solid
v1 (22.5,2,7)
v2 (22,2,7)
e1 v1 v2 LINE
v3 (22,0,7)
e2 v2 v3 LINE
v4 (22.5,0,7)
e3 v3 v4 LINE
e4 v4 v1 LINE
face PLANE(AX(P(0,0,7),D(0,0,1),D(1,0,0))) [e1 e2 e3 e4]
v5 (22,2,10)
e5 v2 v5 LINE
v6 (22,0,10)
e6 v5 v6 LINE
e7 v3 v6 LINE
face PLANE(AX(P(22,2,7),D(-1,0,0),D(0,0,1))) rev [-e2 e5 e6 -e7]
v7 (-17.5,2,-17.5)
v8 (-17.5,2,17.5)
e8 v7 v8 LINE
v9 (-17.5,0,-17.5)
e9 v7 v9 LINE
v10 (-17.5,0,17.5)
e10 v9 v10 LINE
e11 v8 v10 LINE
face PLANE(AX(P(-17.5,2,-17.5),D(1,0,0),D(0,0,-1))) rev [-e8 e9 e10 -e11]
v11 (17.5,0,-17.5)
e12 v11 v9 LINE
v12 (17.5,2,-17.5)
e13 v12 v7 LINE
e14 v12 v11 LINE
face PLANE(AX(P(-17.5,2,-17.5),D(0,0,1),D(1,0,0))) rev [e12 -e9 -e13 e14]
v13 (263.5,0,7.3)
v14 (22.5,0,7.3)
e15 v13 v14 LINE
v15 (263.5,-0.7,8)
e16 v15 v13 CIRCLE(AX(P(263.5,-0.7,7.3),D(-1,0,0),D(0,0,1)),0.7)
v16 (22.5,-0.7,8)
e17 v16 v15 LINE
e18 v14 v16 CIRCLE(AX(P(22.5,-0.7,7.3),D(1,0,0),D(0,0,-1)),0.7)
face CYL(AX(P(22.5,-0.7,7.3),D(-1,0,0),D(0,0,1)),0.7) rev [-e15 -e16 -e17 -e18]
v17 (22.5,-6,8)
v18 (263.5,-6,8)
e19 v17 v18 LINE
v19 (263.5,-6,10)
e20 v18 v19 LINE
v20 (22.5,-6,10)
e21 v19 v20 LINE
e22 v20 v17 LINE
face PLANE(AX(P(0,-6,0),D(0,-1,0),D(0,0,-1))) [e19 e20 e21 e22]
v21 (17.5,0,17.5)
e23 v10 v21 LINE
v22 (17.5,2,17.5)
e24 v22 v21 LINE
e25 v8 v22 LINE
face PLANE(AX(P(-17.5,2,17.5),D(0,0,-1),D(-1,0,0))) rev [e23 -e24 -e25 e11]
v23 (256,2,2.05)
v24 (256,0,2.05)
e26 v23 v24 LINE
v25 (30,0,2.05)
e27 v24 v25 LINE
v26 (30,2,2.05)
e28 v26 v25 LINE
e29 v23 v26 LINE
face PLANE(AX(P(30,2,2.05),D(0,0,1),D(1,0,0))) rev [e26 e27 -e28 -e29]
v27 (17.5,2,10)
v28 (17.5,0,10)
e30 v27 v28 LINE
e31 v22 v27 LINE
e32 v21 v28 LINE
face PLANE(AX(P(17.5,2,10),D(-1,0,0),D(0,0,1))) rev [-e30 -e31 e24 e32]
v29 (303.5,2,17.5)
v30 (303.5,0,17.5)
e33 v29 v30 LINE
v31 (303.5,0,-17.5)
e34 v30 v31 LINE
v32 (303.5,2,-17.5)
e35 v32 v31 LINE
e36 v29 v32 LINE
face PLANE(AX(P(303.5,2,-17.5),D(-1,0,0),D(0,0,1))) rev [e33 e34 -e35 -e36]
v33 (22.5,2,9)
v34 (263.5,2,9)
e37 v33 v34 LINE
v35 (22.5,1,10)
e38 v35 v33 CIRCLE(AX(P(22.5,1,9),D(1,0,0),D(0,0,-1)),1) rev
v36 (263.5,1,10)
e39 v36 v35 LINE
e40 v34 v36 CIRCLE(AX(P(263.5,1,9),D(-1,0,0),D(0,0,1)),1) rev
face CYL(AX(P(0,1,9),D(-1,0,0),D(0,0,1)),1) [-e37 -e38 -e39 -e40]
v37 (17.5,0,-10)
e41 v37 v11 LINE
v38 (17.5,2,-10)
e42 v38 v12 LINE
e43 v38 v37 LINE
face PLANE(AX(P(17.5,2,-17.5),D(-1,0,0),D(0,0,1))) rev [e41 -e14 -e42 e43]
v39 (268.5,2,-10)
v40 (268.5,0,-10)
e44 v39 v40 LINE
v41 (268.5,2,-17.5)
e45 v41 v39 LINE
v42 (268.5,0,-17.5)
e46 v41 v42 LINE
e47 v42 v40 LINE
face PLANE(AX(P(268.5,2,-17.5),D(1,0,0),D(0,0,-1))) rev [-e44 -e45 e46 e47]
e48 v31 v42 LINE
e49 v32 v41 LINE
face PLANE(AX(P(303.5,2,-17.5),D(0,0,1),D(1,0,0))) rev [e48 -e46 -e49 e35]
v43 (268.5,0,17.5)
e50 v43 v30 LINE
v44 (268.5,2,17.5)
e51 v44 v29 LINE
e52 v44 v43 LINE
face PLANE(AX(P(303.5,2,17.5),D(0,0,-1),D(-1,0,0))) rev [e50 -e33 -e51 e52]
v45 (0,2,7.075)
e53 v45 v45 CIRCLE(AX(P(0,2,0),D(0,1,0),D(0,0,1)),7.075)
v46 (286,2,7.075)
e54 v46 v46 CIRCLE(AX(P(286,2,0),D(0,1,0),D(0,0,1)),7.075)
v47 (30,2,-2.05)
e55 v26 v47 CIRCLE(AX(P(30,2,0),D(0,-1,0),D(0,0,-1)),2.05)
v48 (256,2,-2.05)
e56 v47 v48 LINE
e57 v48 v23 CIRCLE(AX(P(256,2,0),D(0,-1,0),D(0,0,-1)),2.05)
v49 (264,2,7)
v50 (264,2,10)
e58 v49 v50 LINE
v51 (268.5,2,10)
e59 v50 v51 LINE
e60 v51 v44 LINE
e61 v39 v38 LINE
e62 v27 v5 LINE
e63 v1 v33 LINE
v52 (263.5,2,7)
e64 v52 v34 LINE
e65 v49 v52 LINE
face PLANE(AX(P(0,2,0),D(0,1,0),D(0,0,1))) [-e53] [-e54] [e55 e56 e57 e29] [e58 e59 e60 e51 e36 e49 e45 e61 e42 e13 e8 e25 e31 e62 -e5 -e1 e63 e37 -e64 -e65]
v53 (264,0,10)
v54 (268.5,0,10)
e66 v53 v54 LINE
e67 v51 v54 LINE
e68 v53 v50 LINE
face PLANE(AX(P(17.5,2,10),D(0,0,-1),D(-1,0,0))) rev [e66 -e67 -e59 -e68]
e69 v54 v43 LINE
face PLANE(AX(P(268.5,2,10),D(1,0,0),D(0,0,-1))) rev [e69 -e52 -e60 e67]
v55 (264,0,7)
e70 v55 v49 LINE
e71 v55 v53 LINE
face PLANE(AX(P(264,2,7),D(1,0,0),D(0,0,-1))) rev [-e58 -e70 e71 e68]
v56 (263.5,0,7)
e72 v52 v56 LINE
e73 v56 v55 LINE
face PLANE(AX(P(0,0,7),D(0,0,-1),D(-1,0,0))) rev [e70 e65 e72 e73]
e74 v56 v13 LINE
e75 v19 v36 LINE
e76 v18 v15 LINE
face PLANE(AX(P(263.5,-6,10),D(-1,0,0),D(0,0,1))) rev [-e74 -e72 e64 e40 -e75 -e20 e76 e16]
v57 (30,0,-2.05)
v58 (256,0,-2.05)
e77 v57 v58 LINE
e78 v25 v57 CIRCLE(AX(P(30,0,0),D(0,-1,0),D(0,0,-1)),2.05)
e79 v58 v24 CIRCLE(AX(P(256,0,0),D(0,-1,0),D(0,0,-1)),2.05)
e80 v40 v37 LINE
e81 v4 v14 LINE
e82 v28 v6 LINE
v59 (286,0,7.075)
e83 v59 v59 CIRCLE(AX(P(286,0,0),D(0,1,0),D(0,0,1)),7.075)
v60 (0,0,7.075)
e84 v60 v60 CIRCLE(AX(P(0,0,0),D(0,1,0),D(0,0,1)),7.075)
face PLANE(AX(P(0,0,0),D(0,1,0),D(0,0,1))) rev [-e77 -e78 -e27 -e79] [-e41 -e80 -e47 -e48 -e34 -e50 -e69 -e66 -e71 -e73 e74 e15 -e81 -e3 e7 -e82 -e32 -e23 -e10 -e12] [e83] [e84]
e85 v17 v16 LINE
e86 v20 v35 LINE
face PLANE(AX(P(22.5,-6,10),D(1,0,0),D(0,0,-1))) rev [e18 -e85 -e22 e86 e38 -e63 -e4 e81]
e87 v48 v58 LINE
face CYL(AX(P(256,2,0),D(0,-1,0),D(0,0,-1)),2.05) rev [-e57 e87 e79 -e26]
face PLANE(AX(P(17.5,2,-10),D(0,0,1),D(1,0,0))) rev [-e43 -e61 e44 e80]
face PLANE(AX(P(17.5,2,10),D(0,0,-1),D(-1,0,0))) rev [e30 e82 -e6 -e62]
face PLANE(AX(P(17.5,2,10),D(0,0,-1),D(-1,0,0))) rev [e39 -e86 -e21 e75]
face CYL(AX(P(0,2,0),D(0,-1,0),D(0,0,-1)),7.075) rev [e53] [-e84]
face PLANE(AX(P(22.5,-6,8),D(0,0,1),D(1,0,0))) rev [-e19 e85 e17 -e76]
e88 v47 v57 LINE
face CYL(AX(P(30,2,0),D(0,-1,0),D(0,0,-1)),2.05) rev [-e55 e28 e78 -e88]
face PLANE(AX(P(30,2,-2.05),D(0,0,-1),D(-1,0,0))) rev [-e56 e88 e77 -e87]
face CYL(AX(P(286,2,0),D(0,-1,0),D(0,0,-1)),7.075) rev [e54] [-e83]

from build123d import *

# Parameters (mm, degrees)
SKETCH1_R           = 7.075
BOSS_EXTRUDE1_DEPTH = 2
SKETCH2_W           = 241
SKETCH2_H           = 2
BOSS_EXTRUDE2_DEPTH = 6
SKETCH3_W           = 0.5
SKETCH3_H           = 2
CUT_EXTRUDE1_DEPTH  = 3
FILLET1_R           = 1
FILLET2_R           = 0.7
CUT_EXTRUDE2_DEPTH  = 305.063315775


with BuildPart() as part:
    # Sketch1 → Boss-Extrude1 (new body)
    with BuildSketch(Plane(origin=(0, 0, 0), x_dir=(1, 0, 0), z_dir=(0, 1, 0))):
        Polygon((-17.5, 17.5), (17.5, 17.5), (17.5, 10), (268.5, 10), (268.5, 17.5), (303.5, 17.5), (303.5, -17.5), (268.5, -17.5), (268.5, -10), (17.5, -10), (17.5, -17.5), (-17.5, -17.5), align=None)
        with Locations(Location((0, 0, 0), (0, 0, 270))):
            Circle(SKETCH1_R, mode=Mode.SUBTRACT)
        with Locations(Location((286, 0, 0), (0, 0, 270))):
            Circle(SKETCH1_R, mode=Mode.SUBTRACT)
    extrude(amount=BOSS_EXTRUDE1_DEPTH)

    # Sketch2 → Boss-Extrude2 (add)
    with BuildSketch(Plane.XZ):
        with Locations((143, 9)):
            Rectangle(SKETCH2_W, SKETCH2_H)
    extrude(amount=BOSS_EXTRUDE2_DEPTH)

    # Sketch3 → Cut-Extrude1 (cut)
    with BuildSketch(Plane.XY.offset(10)):
        with Locations((22.25, 1)):
            Rectangle(SKETCH3_W, SKETCH3_H)
        with Locations((263.75, 1)):
            Rectangle(SKETCH3_W, SKETCH3_H)
    extrude(amount=-CUT_EXTRUDE1_DEPTH, mode=Mode.SUBTRACT)

    # Fillet1
    fillet1_edges = [part.edges().sort_by_distance(p)[0] for p in [
        (143, 2, 10),
    ]]
    fillet(fillet1_edges, radius=FILLET1_R)

    # Fillet2
    fillet2_edges = [part.edges().sort_by_distance(p)[0] for p in [
        (143, 0, 8),
    ]]
    fillet(fillet2_edges, radius=FILLET2_R)

    # Sketch4 → Cut-Extrude2 (cut, through all)
    with BuildSketch(Plane.XZ):
        with BuildLine():
            Line((30, 2.05), (256, 2.05))
            ThreePointArc((256, 2.05), (258.05, 0), (256, -2.05))
            Line((256, -2.05), (30, -2.05))
            ThreePointArc((30, -2.05), (27.95, 0), (30, 2.05))
        make_face()
    extrude(amount=-CUT_EXTRUDE2_DEPTH, mode=Mode.SUBTRACT)


solid = part.part
